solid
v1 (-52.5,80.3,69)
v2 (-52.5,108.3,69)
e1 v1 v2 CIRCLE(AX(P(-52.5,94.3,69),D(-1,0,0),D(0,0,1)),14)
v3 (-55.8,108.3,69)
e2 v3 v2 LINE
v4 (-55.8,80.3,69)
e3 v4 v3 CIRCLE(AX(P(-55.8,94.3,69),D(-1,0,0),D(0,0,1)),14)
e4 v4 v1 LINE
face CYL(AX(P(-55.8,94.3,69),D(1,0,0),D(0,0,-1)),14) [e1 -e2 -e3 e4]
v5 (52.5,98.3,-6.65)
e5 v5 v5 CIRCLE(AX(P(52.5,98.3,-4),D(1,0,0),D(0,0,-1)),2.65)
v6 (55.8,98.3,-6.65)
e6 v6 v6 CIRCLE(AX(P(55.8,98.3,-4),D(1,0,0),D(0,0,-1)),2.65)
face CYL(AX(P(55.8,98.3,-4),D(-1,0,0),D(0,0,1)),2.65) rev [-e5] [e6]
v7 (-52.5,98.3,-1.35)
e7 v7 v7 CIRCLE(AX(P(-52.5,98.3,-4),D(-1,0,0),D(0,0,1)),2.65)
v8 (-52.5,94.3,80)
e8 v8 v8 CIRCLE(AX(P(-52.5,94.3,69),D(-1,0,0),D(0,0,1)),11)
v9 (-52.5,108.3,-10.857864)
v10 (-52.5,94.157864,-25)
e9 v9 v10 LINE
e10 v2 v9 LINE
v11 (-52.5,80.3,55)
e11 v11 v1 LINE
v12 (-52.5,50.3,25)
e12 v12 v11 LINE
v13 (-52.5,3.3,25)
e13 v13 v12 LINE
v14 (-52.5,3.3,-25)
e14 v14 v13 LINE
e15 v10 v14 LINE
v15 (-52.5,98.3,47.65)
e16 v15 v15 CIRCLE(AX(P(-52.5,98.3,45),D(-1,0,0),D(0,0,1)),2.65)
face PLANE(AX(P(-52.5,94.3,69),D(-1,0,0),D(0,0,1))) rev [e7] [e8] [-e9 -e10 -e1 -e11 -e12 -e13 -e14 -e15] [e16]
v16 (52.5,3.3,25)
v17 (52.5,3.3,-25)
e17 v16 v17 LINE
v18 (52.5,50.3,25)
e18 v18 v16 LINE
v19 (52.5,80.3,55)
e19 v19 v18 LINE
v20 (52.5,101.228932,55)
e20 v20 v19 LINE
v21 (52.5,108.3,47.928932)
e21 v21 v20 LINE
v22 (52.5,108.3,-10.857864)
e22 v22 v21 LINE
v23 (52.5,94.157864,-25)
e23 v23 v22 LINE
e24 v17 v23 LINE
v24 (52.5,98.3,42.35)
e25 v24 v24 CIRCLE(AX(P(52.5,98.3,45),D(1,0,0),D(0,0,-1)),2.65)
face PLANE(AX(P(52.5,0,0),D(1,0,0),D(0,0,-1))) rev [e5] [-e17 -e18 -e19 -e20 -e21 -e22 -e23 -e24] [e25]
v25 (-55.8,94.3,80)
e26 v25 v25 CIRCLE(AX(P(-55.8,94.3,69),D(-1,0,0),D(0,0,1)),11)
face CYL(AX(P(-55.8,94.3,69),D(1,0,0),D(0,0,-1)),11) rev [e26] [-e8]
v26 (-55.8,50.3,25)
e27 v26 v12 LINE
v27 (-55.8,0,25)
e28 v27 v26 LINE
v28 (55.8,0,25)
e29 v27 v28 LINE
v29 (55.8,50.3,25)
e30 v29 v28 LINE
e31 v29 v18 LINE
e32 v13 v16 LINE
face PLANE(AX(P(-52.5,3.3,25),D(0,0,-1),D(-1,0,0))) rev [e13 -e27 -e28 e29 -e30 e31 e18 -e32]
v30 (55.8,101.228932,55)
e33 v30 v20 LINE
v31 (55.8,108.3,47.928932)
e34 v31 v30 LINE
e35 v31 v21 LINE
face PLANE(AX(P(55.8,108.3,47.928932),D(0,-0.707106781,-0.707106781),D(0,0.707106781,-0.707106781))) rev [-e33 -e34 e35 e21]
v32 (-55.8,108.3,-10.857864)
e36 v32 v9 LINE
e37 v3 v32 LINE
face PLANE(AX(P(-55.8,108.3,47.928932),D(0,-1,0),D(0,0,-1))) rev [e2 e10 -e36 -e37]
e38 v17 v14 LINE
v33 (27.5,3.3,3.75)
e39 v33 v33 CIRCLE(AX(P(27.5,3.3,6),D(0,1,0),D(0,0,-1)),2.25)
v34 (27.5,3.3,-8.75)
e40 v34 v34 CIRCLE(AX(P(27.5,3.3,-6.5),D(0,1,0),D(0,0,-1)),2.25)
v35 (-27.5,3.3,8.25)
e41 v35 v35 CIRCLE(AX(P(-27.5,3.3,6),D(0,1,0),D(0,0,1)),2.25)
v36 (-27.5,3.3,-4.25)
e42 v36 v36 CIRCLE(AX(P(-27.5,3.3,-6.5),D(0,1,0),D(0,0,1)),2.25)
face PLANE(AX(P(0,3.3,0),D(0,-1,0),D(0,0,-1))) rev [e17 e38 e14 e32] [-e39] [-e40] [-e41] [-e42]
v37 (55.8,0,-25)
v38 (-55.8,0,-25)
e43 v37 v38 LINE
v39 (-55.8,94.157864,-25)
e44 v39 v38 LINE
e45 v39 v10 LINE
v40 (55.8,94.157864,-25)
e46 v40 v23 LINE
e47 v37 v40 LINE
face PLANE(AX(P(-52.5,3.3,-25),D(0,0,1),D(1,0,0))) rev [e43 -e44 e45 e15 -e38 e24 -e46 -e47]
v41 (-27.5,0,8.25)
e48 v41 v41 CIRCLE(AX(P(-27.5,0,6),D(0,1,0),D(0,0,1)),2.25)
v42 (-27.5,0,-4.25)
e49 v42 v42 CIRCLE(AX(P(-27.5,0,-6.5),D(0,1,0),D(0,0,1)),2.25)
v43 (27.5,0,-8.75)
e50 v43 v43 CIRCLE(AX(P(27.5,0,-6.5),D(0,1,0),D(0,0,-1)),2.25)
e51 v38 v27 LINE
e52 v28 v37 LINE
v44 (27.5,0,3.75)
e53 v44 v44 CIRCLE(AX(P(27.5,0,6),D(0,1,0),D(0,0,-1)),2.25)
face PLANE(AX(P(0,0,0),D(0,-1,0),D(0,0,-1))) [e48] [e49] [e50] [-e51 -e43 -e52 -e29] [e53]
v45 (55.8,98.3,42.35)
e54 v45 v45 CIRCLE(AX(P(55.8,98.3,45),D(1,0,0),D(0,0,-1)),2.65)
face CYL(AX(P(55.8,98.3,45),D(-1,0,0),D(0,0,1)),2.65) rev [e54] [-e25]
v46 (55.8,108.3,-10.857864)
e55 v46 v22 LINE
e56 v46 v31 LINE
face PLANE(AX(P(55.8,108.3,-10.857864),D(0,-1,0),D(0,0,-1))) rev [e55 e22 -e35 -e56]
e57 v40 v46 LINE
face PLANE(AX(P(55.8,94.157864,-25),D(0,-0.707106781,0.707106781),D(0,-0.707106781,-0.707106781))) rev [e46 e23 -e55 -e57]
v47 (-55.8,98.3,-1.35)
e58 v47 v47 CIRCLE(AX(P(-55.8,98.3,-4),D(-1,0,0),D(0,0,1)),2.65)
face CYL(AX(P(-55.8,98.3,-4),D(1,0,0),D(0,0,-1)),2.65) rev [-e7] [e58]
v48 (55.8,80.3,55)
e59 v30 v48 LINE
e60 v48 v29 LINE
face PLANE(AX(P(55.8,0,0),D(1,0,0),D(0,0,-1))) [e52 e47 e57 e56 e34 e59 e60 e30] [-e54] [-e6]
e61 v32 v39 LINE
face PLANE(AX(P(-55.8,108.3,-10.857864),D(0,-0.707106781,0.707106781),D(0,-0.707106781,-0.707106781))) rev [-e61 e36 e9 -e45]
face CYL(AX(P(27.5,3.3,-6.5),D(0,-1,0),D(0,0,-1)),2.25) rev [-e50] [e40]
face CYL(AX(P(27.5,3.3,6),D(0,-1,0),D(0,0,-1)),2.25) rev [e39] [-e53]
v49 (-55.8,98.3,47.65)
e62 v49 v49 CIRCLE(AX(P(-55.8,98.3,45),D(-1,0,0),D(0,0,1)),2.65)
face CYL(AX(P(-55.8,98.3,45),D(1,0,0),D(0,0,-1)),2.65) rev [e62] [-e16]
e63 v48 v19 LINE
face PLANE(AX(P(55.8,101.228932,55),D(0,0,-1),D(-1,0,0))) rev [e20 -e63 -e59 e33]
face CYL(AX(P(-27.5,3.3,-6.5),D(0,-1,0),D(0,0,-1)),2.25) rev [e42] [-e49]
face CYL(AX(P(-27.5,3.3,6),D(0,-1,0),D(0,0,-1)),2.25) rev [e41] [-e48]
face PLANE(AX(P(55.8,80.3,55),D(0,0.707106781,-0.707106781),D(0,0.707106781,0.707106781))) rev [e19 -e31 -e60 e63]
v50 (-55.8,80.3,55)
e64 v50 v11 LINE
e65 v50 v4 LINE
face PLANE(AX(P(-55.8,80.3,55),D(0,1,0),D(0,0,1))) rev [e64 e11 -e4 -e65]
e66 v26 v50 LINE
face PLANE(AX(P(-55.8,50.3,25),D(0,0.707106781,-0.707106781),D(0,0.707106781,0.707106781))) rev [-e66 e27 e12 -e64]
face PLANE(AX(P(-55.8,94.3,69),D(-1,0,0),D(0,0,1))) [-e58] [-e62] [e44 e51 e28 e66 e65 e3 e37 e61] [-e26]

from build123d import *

# Parameters (mm, degrees)
SKETCH1_W           = 105
SKETCH1_H           = 50
SKETCH1_R           = 2.25
BOSS_EXTRUDE1_DEPTH = 3.3
SKETCH2_R           = 2.65
BOSS_EXTRUDE2_DEPTH = 3.3
BOSS_EXTRUDE3_START = 3.3
SKETCH3_R           = 11
SKETCH3_R_2         = 2.65
BOSS_EXTRUDE3_DEPTH = 3.3


with BuildPart() as part:
    # Sketch1 → Boss-Extrude1 (new body)
    with BuildSketch(Plane(origin=(0, 0, 0), x_dir=(1, 0, 0), z_dir=(0, 1, 0))):
        Rectangle(SKETCH1_W, SKETCH1_H)
        with Locations(Location((-27.5, 6.5, 0), (0, 0, 270))):
            Circle(SKETCH1_R, mode=Mode.SUBTRACT)
        with Locations(Location((-27.5, -6, 0), (0, 0, 270))):
            Circle(SKETCH1_R, mode=Mode.SUBTRACT)
        with Locations(Location((27.5, -6, 0), (0, 0, 90))):
            Circle(SKETCH1_R, mode=Mode.SUBTRACT)
        with Locations(Location((27.5, 6.5, 0), (0, 0, 90))):
            Circle(SKETCH1_R, mode=Mode.SUBTRACT)
    extrude(amount=BOSS_EXTRUDE1_DEPTH)

    # Sketch2 → Boss-Extrude2 (add)
    with BuildSketch(Plane(origin=(52.5, 0, 0), x_dir=(0, 0, -1), z_dir=(1, 0, 0))):
        Polygon((25, 0), (25, 94.157864376), (10.857864376, 108.3), (-47.928932188, 108.3), (-55, 101.228932188), (-55, 80.3), (-25, 50.3), (-25, 0), align=None)
        with Locations((-45, 98.3)):
            Circle(SKETCH2_R, mode=Mode.SUBTRACT)
        with Locations((4, 98.3)):
            Circle(SKETCH2_R, mode=Mode.SUBTRACT)
    extrude(amount=BOSS_EXTRUDE2_DEPTH)

    # Sketch3 → Boss-Extrude3 (add)
    with BuildSketch(Plane.ZY.offset(52.5).offset(BOSS_EXTRUDE3_START)):
        with BuildLine():
            Line((47.928932188, 108.3), (69, 108.3))
            ThreePointArc((69, 108.3), (83, 94.3), (69, 80.3))
            Line((69, 80.3), (55, 80.3))
            Line((55, 80.3), (25, 50.3))
            Line((25, 50.3), (25, 0))
            Line((25, 0), (-25, 0))
            Line((-25, 0), (-25, 94.157864376))
            Line((-25, 94.157864376), (-10.857864376, 108.3))
            Line((-10.857864376, 108.3), (47.928932188, 108.3))
        make_face()
        with Locations((69, 94.3)):
            Circle(SKETCH3_R, mode=Mode.SUBTRACT)
        with Locations(Location((-4, 98.3, 0), (0, 0, 180))):
            Circle(SKETCH3_R_2, mode=Mode.SUBTRACT)
        with Locations(Location((45, 98.3, 0), (0, 0, 180))):
            Circle(SKETCH3_R_2, mode=Mode.SUBTRACT)
    extrude(amount=-BOSS_EXTRUDE3_DEPTH)


solid = part.part
